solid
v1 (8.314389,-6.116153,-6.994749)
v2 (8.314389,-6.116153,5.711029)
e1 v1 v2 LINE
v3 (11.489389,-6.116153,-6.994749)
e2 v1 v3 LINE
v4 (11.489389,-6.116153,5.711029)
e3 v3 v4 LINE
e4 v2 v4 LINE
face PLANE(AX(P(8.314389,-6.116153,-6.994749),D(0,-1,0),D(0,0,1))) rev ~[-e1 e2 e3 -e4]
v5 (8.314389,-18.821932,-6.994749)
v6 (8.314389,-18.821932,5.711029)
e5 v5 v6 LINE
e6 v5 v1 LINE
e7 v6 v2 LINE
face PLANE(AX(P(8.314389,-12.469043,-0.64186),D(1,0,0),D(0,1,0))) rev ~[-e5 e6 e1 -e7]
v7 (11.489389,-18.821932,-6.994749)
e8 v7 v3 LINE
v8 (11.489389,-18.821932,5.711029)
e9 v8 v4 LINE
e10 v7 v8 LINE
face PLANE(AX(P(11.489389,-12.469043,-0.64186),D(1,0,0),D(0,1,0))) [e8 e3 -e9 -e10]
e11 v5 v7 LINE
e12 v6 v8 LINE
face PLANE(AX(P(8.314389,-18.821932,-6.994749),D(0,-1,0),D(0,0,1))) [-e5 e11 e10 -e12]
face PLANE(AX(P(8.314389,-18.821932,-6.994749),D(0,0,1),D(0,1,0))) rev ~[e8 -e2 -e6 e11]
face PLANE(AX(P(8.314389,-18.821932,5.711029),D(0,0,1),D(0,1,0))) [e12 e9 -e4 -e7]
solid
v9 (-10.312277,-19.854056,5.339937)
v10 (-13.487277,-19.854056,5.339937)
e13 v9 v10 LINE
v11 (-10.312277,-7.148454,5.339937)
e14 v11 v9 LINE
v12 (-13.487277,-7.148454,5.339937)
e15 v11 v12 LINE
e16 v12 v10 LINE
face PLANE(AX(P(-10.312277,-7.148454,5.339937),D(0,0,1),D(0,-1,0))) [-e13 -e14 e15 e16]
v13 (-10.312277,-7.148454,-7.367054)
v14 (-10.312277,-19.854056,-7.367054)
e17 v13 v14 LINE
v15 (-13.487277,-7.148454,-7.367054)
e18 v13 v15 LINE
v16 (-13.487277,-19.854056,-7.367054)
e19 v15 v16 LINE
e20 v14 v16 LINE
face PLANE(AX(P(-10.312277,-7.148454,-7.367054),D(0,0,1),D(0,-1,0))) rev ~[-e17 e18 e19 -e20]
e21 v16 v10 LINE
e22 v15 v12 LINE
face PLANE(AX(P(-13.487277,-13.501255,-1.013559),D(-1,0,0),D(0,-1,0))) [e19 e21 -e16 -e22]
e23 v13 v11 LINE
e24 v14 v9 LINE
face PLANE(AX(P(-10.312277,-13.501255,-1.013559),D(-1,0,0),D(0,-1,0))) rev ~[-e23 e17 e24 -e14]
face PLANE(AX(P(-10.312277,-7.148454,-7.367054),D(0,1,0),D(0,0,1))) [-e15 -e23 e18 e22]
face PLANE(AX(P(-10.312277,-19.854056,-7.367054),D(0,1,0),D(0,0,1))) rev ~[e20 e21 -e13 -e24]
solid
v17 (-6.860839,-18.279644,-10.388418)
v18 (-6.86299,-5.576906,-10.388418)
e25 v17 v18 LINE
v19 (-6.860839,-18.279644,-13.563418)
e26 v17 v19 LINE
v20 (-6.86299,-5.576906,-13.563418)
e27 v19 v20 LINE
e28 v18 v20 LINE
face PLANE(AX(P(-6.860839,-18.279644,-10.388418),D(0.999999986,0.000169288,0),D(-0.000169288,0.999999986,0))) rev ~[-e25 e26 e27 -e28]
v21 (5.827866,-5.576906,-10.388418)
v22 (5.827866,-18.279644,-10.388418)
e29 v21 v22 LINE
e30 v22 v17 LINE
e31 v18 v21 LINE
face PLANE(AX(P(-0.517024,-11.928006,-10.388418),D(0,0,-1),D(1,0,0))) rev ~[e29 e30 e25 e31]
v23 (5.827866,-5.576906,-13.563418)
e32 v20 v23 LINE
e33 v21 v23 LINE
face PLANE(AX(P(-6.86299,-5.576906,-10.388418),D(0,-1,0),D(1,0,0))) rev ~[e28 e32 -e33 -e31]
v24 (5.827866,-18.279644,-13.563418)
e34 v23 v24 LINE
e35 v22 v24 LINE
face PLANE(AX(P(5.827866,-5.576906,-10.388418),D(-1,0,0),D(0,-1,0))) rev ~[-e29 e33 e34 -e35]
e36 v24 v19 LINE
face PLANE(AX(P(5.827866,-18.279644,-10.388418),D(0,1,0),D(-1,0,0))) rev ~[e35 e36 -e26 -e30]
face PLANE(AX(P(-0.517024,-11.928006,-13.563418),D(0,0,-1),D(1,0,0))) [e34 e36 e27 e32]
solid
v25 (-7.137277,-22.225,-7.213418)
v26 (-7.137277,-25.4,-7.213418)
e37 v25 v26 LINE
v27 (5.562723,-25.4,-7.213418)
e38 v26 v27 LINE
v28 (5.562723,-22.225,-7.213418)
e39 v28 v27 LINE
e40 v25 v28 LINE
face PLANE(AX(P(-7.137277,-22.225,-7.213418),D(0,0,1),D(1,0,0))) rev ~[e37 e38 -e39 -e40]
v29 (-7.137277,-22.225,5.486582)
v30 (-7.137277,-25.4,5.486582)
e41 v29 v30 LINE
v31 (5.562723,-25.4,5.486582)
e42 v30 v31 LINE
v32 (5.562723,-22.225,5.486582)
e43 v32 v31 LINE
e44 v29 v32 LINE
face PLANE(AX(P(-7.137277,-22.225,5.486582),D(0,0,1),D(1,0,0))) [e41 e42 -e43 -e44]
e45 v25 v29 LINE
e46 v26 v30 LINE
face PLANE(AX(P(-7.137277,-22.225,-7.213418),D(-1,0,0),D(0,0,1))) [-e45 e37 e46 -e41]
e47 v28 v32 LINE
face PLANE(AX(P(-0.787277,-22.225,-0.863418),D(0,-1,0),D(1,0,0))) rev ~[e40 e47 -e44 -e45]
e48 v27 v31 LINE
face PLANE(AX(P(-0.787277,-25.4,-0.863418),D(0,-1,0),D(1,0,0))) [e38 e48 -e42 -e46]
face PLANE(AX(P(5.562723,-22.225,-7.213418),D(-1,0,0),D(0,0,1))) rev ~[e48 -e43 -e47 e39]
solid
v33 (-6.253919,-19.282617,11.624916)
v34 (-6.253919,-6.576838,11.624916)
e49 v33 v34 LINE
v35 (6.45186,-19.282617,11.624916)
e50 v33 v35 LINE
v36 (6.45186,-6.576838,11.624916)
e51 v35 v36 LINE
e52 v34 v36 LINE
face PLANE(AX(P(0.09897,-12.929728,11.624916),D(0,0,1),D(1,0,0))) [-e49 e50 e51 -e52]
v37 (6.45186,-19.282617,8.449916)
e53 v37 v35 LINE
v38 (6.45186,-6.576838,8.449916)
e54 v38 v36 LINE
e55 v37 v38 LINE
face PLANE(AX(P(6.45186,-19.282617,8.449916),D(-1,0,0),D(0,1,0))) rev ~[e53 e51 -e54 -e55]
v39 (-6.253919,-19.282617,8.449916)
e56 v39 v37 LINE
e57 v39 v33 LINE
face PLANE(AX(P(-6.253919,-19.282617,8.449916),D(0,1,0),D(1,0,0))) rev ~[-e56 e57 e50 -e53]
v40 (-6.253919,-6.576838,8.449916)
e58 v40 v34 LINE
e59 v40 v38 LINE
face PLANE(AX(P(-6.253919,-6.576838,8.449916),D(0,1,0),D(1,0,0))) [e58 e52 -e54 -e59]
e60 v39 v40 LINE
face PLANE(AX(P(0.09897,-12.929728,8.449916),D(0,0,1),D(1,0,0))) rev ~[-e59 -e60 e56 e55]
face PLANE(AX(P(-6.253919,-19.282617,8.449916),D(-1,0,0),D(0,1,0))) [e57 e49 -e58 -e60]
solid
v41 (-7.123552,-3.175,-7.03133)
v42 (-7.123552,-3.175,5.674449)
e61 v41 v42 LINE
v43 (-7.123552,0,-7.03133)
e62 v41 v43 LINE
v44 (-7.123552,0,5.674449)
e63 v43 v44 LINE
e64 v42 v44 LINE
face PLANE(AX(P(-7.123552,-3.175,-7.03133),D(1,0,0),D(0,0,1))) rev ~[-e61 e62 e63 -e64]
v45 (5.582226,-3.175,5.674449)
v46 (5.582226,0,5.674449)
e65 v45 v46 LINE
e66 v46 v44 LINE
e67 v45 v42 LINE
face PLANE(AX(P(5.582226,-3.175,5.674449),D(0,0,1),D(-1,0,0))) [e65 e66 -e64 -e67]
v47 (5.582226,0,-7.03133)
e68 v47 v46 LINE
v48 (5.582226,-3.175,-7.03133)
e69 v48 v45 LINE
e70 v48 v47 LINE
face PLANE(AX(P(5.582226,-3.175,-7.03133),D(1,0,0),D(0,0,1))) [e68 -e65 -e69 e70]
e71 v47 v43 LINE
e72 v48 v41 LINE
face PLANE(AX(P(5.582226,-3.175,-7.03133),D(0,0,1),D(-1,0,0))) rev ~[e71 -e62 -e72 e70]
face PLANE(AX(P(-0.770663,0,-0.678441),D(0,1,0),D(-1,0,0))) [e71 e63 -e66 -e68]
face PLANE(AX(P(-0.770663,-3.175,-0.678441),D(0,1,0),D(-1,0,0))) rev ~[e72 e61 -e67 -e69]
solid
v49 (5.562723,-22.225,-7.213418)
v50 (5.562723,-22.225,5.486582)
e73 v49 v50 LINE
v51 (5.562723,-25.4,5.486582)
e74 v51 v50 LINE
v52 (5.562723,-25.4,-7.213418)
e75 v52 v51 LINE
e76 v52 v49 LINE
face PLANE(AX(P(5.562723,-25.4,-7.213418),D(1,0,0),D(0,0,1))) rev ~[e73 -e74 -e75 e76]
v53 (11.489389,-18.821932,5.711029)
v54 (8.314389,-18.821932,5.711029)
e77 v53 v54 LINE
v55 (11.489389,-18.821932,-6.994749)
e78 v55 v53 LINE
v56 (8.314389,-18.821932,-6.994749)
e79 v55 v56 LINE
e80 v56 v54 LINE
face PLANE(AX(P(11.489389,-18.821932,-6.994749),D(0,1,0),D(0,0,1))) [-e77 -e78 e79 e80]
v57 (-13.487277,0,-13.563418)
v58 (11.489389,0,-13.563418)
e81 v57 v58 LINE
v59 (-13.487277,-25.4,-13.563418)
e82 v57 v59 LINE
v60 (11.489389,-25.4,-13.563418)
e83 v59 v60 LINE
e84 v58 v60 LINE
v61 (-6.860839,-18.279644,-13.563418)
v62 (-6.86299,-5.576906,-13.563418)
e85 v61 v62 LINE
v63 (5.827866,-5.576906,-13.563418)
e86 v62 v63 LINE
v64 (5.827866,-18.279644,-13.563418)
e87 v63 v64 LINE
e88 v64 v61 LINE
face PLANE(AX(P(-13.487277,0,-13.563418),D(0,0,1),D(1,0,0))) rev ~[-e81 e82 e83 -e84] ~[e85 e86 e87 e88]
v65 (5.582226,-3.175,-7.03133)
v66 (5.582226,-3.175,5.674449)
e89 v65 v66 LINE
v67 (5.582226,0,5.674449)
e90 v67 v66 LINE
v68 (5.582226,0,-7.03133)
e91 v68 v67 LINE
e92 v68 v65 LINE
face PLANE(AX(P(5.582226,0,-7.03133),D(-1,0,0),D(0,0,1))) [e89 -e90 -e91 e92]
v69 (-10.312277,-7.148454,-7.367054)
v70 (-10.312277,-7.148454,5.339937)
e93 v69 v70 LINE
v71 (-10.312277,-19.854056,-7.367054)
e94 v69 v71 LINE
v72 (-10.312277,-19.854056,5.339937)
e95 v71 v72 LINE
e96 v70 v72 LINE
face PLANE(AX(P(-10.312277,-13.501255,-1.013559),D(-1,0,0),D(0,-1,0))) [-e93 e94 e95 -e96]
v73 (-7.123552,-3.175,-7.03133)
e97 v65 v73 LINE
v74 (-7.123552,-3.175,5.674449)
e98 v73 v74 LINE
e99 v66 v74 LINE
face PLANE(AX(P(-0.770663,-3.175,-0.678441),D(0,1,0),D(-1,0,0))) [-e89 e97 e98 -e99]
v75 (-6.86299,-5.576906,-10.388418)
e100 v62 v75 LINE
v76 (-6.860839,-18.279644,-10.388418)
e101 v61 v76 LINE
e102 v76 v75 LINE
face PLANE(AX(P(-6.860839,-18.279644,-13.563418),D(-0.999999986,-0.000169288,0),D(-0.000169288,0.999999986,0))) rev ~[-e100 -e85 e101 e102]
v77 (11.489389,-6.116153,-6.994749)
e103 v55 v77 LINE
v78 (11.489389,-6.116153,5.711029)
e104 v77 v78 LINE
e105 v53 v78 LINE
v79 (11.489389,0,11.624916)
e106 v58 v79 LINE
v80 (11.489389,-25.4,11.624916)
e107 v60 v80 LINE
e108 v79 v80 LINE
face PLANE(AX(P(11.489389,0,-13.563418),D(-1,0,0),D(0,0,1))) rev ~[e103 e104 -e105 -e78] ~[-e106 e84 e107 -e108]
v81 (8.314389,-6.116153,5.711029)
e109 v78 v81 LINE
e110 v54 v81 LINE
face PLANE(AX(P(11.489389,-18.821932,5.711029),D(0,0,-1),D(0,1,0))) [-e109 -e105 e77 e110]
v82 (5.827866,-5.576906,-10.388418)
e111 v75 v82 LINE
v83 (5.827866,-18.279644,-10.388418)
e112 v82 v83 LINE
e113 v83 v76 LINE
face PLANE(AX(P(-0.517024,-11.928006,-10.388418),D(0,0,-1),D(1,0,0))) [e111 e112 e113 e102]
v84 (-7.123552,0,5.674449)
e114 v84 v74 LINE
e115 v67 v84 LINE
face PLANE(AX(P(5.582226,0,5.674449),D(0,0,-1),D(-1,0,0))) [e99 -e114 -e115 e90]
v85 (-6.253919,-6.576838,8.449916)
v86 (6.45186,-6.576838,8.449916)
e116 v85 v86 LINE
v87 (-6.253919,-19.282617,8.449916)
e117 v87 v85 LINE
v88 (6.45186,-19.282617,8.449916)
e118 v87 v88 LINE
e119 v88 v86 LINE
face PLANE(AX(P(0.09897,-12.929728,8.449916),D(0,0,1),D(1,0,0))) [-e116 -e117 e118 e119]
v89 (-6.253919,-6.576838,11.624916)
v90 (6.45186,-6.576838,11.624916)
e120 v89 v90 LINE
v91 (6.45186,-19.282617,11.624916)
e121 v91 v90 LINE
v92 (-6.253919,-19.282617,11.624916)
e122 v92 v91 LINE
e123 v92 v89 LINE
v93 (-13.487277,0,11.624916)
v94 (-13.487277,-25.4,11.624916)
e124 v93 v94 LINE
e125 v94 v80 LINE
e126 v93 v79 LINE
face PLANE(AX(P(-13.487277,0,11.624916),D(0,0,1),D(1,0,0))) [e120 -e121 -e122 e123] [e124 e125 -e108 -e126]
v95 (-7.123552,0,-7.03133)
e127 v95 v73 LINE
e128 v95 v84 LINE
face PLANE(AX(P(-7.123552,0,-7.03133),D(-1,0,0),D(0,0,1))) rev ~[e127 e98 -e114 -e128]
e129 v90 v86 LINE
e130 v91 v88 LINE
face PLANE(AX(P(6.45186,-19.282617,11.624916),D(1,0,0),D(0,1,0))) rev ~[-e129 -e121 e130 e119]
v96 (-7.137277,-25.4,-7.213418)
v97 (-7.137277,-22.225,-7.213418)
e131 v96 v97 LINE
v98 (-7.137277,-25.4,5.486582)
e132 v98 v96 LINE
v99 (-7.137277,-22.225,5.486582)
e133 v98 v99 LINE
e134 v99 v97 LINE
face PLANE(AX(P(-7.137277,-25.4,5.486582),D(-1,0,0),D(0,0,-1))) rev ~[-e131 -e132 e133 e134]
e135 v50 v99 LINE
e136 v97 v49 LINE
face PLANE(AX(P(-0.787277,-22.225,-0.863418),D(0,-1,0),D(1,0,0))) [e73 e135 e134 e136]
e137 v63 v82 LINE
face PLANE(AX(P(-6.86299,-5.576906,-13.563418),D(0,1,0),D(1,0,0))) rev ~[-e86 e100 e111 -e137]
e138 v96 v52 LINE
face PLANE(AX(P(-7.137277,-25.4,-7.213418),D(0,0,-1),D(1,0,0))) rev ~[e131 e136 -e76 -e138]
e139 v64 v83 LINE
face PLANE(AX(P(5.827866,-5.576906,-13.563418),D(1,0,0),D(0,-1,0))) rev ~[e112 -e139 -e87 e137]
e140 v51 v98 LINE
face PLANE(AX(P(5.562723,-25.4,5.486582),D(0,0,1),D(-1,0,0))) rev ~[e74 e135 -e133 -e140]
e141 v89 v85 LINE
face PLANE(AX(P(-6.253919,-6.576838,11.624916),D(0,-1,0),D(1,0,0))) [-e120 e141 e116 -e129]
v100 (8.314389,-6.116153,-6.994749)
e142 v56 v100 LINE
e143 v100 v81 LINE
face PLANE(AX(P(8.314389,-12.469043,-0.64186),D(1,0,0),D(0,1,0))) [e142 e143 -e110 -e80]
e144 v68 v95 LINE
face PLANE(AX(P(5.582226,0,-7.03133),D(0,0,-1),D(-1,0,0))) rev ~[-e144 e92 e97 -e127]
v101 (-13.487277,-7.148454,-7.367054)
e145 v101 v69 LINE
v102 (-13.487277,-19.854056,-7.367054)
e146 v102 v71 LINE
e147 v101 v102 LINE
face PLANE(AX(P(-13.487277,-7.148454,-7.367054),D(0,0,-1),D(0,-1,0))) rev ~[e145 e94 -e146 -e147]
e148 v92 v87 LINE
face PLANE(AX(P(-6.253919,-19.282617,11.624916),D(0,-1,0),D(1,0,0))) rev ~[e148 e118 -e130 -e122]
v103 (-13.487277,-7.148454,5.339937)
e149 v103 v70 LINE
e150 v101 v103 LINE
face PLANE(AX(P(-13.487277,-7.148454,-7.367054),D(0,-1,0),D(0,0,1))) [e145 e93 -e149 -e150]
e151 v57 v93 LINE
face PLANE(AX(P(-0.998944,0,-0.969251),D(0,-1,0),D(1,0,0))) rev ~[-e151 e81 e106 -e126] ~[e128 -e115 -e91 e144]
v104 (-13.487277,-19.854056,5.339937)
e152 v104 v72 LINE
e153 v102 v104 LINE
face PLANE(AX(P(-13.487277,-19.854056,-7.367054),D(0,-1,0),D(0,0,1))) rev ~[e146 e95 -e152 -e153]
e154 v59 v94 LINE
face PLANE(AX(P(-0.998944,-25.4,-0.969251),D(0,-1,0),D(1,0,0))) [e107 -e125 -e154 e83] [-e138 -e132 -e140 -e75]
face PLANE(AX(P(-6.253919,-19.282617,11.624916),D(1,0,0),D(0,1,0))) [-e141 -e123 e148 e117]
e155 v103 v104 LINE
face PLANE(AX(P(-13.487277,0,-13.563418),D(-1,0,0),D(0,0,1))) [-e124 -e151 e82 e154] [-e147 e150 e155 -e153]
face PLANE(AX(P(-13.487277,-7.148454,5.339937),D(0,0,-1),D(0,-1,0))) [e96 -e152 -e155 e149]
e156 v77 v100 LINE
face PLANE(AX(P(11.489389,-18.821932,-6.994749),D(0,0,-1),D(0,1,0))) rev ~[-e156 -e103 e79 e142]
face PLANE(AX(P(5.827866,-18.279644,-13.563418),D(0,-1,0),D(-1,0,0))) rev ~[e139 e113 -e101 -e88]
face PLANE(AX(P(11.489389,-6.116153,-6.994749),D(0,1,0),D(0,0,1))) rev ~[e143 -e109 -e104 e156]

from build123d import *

# Parameters (mm, degrees)
F0_W      = 24.9766653881
F0_H      = 25.1883340639
F1_DEPTH  = 25.4
F3_DEPTH  = 3.175
F4_W      = 12.7057791688
F4_H      = 12.7057782374
F5_DEPTH  = 3.175
F6_W      = 12.7057782374
F6_H      = 12.7057782374
F7_DEPTH  = 3.175
F8_W      = 12.7057782374
F8_H      = 12.7057787031
F9_DEPTH  = 3.175
F10_W     = 12.7056017518
F10_H     = 12.7069917507
F11_DEPTH = 3.175
F13_DEPTH = 3.175
F14_W     = 12.7
F14_H     = 12.7
F15_DEPTH = 3.175
F16_W     = 12.7057791688
F16_H     = 12.7057782374
F17_DEPTH = 3.175
F18_W     = 12.7057782374
F18_H     = 12.7057782374
F19_DEPTH = 3.175
F20_DEPTH = 3.175
F21_W     = 12.7056017518
F21_H     = 12.7069917507
F22_DEPTH = 3.175
F24_DEPTH = 3.175


with BuildPart() as f1:
    # F0 (on Front) → F1 (new body)
    with BuildSketch(Plane.XZ):
        with Locations((-0.9989441171, -0.9692509511)):
            Rectangle(F0_W, F0_H)
    extrude(amount=F1_DEPTH)

    # F2 (on face) → F3 (cut)
    with BuildSketch(Plane.XZ.offset(25.4)):
        Polygon((5.5627231889, 5.4865820169), (-7.1372768111, 5.4865820169), (-7.1372768111, 0), (-7.1372768111, -7.2134179831), (5.5627231889, -7.2134179831), align=None)
    extrude(amount=-F3_DEPTH, mode=Mode.SUBTRACT)

    # F4 (on face) → F5 (cut)
    with BuildSketch(Plane.YZ.offset(11.489388577)):
        with Locations((-12.4690427911, -0.641859835)):
            Rectangle(F4_W, F4_H)
    extrude(amount=-F5_DEPTH, mode=Mode.SUBTRACT)

    # F6 (on face) → F7 (cut)
    with BuildSketch(Plane.XY.offset(11.6249160809)):
        with Locations((0.0989704859, -12.9297275562)):
            Rectangle(F6_W, F6_H)
    extrude(amount=-F7_DEPTH, mode=Mode.SUBTRACT)

    # F8 (on face) → F9 (cut)
    with BuildSketch(Plane(origin=(0, 0, 0), x_dir=(-1, 0, 0), z_dir=(0, 1, 0))):
        with Locations((0.7706631441, -0.6784405559)):
            Rectangle(F8_W, F8_H)
    extrude(amount=-F9_DEPTH, mode=Mode.SUBTRACT)

    # F10 (on face) → F11 (cut)
    with BuildSketch(Plane(origin=(-13.4872768111, 0, 0), x_dir=(0, -1, 0), z_dir=(-1, 0, 0))):
        with Locations((13.5012548417, -1.0135585908)):
            Rectangle(F10_W, F10_H)
    extrude(amount=-F11_DEPTH, mode=Mode.SUBTRACT)

    # F12 (on face) → F13 (cut)
    with BuildSketch(Plane(origin=(0, 0, -13.5634179831), x_dir=(1, 0, 0), z_dir=(0, 0, -1))):
        Polygon((5.8278664947, 18.2796437293), (-6.860839203, 18.2796437293), (-6.8629896268, 5.5769057944), (5.8278664947, 5.5769057944), align=None)
    extrude(amount=-F13_DEPTH, mode=Mode.SUBTRACT)


with BuildPart() as f15:
    # F14 (on face) → F15 (new body)
    with BuildSketch(Plane.XZ.offset(22.225)):
        with Locations((-0.7872768111, -0.8634179831)):
            Rectangle(F14_W, F14_H)
    extrude(amount=F15_DEPTH)


with BuildPart() as f17:
    # F16 (on face) → F17 (new body)
    with BuildSketch(Plane.YZ.offset(8.314388577)):
        with Locations((-12.4690427911, -0.641859835)):
            Rectangle(F16_W, F16_H)
    extrude(amount=F17_DEPTH)


with BuildPart() as f19:
    # F18 (on face) → F19 (new body)
    with BuildSketch(Plane.XY.offset(8.4499160809)):
        with Locations((0.0989704859, -12.9297275562)):
            Rectangle(F18_W, F18_H)
    extrude(amount=F19_DEPTH)


with BuildPart() as f20:
    # F20 (new): a face of the model
    f20_faces = [f1.part.faces().sort_by_distance(p)[0] for p in [
        (-0.7706631441, -3.175, -0.6784405559),
    ]]
    extrude(f20_faces, amount=F20_DEPTH)


with BuildPart() as f22:
    # F21 (on face) → F22 (new body)
    with BuildSketch(Plane(origin=(-10.3122768111, 0, 0), x_dir=(0, -1, 0), z_dir=(-1, 0, 0))):
        with Locations((13.5012548417, -1.0135585908)):
            Rectangle(F21_W, F21_H)
    extrude(amount=F22_DEPTH)


with BuildPart() as f24:
    # F23 (on face) → F24 (new body)
    with BuildSketch(Plane(origin=(0, 0, -10.3884179831), x_dir=(1, 0, 0), z_dir=(0, 0, -1))):
        Polygon((-6.860839203, 18.2796437293), (-6.8629896268, 5.5769057944), (5.8278664947, 5.5769057944), (5.8278664947, 18.2796437293), align=None)
    extrude(amount=F24_DEPTH)


solid = Compound([f1.part, f15.part, f17.part, f19.part, f20.part, f22.part, f24.part])
